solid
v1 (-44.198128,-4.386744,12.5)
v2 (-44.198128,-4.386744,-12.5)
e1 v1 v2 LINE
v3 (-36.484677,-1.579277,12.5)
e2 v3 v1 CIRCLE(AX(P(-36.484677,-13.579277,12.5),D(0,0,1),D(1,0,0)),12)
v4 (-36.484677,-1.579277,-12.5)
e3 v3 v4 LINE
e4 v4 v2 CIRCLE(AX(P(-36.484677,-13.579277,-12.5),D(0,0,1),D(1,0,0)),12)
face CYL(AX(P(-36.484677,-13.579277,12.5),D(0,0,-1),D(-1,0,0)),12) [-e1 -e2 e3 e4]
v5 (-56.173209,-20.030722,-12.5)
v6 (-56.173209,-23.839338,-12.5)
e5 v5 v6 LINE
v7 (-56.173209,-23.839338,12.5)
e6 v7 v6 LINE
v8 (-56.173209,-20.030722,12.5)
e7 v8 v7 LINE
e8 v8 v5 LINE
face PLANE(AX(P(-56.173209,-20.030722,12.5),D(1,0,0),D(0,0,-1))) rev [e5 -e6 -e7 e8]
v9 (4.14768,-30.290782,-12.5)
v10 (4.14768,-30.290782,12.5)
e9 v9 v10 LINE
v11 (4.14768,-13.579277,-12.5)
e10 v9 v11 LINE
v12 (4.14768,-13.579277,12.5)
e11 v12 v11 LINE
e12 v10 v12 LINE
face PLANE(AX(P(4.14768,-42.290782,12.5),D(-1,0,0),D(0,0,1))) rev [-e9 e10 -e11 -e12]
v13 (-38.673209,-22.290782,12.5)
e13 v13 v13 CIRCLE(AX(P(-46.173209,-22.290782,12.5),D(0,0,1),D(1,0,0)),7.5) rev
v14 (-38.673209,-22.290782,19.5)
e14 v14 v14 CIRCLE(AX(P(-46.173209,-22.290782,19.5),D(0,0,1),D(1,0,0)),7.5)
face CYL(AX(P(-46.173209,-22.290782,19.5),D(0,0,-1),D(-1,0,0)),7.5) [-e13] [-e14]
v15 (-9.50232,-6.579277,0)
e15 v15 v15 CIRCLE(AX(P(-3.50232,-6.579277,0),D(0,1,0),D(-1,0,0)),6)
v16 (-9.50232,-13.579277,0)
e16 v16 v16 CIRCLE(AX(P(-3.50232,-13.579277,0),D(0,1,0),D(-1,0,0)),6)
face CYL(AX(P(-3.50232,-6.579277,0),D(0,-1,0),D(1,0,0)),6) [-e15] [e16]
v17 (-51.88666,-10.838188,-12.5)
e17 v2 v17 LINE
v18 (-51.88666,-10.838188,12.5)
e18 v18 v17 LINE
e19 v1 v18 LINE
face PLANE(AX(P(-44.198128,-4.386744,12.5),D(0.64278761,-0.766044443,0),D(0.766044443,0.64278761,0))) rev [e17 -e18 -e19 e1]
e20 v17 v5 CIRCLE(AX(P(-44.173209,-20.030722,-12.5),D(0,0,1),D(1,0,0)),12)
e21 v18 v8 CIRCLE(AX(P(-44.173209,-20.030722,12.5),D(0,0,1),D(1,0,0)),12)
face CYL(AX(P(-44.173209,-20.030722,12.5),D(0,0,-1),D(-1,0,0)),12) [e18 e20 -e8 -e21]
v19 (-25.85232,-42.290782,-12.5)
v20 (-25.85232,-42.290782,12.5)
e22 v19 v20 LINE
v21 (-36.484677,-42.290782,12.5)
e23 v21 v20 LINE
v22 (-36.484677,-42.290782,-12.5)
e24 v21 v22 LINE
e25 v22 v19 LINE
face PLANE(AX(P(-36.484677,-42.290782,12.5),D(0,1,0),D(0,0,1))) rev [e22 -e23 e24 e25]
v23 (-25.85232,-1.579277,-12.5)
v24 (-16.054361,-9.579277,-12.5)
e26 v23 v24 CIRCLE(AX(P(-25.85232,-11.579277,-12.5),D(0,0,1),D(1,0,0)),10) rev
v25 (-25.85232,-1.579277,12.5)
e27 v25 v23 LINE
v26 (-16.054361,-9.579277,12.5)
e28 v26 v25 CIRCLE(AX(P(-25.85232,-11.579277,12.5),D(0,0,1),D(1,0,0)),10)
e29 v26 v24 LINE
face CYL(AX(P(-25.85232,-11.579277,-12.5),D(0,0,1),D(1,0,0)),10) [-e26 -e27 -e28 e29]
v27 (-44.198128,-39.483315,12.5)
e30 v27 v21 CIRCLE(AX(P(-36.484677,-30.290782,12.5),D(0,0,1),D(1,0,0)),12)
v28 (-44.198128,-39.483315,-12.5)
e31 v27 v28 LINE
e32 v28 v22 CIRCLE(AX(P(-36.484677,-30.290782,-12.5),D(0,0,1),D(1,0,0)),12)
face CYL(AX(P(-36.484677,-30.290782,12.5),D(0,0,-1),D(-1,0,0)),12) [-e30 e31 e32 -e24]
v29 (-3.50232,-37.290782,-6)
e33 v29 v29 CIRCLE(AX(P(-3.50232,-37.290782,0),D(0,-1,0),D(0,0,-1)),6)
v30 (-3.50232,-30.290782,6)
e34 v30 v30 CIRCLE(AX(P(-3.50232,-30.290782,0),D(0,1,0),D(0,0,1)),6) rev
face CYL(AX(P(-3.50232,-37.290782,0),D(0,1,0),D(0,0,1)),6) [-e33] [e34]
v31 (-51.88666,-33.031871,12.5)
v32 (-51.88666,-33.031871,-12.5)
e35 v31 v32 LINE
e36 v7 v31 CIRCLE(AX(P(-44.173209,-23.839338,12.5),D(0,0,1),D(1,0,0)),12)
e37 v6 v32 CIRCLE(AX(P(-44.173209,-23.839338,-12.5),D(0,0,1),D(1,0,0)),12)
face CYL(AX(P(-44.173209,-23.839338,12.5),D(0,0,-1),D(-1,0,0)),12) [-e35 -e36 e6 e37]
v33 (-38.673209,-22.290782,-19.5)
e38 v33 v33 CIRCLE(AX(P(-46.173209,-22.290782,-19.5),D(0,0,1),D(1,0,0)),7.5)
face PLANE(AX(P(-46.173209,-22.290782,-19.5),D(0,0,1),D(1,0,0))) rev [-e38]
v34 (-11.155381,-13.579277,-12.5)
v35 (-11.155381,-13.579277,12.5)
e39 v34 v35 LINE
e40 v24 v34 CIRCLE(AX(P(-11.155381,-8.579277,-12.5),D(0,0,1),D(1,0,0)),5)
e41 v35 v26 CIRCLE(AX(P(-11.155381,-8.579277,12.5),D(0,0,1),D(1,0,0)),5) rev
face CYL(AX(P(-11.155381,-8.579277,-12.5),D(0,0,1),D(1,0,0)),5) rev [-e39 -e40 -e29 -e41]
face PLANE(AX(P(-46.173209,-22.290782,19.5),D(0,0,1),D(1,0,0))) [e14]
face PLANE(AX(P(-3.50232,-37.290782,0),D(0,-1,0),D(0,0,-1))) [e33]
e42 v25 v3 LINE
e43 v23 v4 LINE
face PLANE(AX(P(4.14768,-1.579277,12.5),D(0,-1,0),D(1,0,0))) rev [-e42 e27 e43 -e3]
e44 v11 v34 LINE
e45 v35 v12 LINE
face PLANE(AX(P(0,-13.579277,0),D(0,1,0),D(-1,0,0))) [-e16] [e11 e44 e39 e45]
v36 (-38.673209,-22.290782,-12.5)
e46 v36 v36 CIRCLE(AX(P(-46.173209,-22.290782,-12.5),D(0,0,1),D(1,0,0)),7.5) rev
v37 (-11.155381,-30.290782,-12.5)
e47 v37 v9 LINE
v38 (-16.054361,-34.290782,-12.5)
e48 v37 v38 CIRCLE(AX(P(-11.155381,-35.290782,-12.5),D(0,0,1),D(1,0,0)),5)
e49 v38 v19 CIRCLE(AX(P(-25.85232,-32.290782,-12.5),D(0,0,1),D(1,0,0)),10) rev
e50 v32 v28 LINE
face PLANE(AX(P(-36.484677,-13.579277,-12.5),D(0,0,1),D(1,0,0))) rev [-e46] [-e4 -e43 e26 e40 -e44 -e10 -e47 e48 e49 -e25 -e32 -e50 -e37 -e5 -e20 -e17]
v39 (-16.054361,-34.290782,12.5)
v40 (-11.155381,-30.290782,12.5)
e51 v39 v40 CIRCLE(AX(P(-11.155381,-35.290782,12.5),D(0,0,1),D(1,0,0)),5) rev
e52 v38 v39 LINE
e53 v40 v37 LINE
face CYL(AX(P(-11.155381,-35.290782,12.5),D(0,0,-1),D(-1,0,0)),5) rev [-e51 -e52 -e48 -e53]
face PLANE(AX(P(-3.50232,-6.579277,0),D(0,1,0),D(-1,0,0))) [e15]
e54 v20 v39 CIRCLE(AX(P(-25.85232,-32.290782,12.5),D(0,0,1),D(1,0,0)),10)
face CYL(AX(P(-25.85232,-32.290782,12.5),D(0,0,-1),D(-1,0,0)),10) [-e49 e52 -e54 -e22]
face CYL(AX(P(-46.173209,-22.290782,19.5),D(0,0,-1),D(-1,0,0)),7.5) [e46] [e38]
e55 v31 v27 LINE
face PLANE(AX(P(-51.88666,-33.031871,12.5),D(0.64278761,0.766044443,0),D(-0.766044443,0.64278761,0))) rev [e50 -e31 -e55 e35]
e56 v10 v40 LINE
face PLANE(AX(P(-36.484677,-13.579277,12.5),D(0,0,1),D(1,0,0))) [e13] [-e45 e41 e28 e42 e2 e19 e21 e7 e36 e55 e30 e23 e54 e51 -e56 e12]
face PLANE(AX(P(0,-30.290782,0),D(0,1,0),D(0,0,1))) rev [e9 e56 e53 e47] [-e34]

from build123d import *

# Parameters (mm, degrees)
SALIENTE_EXTRUIR1_DEPTH = 12.5
CROQUIS3_R              = 7.5
SALIENTE_EXTRUIR2_DEPTH = 19.5
CROQUIS4_W              = 20
CROQUIS4_H              = 25
CORTAR_EXTRUIR1_DEPTH   = 12
CROQUIS5_W              = 20
CROQUIS5_H              = 25
CORTAR_EXTRUIR2_DEPTH   = 12
REDONDEO1_R             = 10
REDONDEO2_R             = 5
CROQUIS7_R              = 6
SALIENTE_EXTRUIR4_DEPTH = 7
SALIENTE_EXTRUIR5_START = 7
CROQUIS8_R              = 6
SALIENTE_EXTRUIR5_DEPTH = 7


with BuildPart() as part:
    # Croquis1 → Saliente-Extruir1 (new, symmetric)
    with BuildSketch(Plane.XY):
        with BuildLine():
            Line((4.147680169, -1.57927741), (-36.48467702, -1.57927741))
            ThreePointArc((-36.48467702, -1.57927741), (-40.58891874, -2.30296596), (-44.198128336, -4.386744092))
            Line((-44.198128336, -4.386744092), (-51.88666001, -10.838188184))
            ThreePointArc((-51.88666001, -10.838188184), (-55.048902138, -14.95930236), (-56.173208693, -20.030721501))
            Line((-56.173208693, -20.030721501), (-56.173208693, -23.839337705))
            ThreePointArc((-56.173208693, -23.839337705), (-55.048902138, -28.910756846), (-51.88666001, -33.031871023))
            Line((-51.88666001, -33.031871023), (-44.198128336, -39.483315114))
            ThreePointArc((-44.198128336, -39.483315114), (-40.58891874, -41.567093246), (-36.48467702, -42.290781797))
            Line((-36.48467702, -42.290781797), (4.147680169, -42.290781797))
            Line((4.147680169, -42.290781797), (4.147680169, -1.57927741))
        make_face()
    extrude(amount=SALIENTE_EXTRUIR1_DEPTH, both=True)

    # Croquis3 → Saliente-Extruir2 (add, symmetric)
    with BuildSketch(Plane.XY):
        with Locations((-46.173208693, -22.290781797)):
            Circle(CROQUIS3_R)
    extrude(amount=SALIENTE_EXTRUIR2_DEPTH, both=True)

    # Croquis4 → Cortar-Extruir1 (cut)
    with BuildSketch(Plane(origin=(0, -1.57927741, 0), x_dir=(1, 0, 0), z_dir=(0, 1, 0))):
        with Locations((-5.852319831, 0)):
            Rectangle(CROQUIS4_W, CROQUIS4_H)
    extrude(amount=-CORTAR_EXTRUIR1_DEPTH, mode=Mode.SUBTRACT)

    # Croquis5 → Cortar-Extruir2 (cut)
    with BuildSketch(Plane.XZ.offset(42.290781797)):
        with Locations((-5.852319831, 0)):
            Rectangle(CROQUIS5_W, CROQUIS5_H)
    extrude(amount=-CORTAR_EXTRUIR2_DEPTH, mode=Mode.SUBTRACT)

    # Redondeo1
    redondeo1_edges = [part.edges().sort_by_distance(p)[0] for p in [
        (-15.852319831, -1.57927741, 0),
        (-15.852319831, -42.290781797, 0),
    ]]
    fillet(redondeo1_edges, radius=REDONDEO1_R)

    # Redondeo2
    redondeo2_edges = [part.edges().sort_by_distance(p)[0] for p in [
        (-15.852319831, -13.57927741, 0),
        (-15.852319831, -30.290781797, 0),
    ]]
    fillet(redondeo2_edges, radius=REDONDEO2_R)

    # Croquis7 → Saliente-Extruir4 (add)
    with BuildSketch(Plane(origin=(0, -13.57927741, 0), x_dir=(1, 0, 0), z_dir=(0, 1, 0))):
        with Locations(Location((-3.502319831, 0, 0), (0, 0, 180))):
            Circle(CROQUIS7_R)
    extrude(amount=SALIENTE_EXTRUIR4_DEPTH)

    # Croquis8 → Saliente-Extruir5 (add)
    with BuildSketch(Plane.XZ.offset(30.290781797).offset(SALIENTE_EXTRUIR5_START)):
        with Locations(Location((-3.502319831, 0, 0), (0, 0, 180))):
            Circle(CROQUIS8_R)
    extrude(amount=-SALIENTE_EXTRUIR5_DEPTH)


solid = part.part
